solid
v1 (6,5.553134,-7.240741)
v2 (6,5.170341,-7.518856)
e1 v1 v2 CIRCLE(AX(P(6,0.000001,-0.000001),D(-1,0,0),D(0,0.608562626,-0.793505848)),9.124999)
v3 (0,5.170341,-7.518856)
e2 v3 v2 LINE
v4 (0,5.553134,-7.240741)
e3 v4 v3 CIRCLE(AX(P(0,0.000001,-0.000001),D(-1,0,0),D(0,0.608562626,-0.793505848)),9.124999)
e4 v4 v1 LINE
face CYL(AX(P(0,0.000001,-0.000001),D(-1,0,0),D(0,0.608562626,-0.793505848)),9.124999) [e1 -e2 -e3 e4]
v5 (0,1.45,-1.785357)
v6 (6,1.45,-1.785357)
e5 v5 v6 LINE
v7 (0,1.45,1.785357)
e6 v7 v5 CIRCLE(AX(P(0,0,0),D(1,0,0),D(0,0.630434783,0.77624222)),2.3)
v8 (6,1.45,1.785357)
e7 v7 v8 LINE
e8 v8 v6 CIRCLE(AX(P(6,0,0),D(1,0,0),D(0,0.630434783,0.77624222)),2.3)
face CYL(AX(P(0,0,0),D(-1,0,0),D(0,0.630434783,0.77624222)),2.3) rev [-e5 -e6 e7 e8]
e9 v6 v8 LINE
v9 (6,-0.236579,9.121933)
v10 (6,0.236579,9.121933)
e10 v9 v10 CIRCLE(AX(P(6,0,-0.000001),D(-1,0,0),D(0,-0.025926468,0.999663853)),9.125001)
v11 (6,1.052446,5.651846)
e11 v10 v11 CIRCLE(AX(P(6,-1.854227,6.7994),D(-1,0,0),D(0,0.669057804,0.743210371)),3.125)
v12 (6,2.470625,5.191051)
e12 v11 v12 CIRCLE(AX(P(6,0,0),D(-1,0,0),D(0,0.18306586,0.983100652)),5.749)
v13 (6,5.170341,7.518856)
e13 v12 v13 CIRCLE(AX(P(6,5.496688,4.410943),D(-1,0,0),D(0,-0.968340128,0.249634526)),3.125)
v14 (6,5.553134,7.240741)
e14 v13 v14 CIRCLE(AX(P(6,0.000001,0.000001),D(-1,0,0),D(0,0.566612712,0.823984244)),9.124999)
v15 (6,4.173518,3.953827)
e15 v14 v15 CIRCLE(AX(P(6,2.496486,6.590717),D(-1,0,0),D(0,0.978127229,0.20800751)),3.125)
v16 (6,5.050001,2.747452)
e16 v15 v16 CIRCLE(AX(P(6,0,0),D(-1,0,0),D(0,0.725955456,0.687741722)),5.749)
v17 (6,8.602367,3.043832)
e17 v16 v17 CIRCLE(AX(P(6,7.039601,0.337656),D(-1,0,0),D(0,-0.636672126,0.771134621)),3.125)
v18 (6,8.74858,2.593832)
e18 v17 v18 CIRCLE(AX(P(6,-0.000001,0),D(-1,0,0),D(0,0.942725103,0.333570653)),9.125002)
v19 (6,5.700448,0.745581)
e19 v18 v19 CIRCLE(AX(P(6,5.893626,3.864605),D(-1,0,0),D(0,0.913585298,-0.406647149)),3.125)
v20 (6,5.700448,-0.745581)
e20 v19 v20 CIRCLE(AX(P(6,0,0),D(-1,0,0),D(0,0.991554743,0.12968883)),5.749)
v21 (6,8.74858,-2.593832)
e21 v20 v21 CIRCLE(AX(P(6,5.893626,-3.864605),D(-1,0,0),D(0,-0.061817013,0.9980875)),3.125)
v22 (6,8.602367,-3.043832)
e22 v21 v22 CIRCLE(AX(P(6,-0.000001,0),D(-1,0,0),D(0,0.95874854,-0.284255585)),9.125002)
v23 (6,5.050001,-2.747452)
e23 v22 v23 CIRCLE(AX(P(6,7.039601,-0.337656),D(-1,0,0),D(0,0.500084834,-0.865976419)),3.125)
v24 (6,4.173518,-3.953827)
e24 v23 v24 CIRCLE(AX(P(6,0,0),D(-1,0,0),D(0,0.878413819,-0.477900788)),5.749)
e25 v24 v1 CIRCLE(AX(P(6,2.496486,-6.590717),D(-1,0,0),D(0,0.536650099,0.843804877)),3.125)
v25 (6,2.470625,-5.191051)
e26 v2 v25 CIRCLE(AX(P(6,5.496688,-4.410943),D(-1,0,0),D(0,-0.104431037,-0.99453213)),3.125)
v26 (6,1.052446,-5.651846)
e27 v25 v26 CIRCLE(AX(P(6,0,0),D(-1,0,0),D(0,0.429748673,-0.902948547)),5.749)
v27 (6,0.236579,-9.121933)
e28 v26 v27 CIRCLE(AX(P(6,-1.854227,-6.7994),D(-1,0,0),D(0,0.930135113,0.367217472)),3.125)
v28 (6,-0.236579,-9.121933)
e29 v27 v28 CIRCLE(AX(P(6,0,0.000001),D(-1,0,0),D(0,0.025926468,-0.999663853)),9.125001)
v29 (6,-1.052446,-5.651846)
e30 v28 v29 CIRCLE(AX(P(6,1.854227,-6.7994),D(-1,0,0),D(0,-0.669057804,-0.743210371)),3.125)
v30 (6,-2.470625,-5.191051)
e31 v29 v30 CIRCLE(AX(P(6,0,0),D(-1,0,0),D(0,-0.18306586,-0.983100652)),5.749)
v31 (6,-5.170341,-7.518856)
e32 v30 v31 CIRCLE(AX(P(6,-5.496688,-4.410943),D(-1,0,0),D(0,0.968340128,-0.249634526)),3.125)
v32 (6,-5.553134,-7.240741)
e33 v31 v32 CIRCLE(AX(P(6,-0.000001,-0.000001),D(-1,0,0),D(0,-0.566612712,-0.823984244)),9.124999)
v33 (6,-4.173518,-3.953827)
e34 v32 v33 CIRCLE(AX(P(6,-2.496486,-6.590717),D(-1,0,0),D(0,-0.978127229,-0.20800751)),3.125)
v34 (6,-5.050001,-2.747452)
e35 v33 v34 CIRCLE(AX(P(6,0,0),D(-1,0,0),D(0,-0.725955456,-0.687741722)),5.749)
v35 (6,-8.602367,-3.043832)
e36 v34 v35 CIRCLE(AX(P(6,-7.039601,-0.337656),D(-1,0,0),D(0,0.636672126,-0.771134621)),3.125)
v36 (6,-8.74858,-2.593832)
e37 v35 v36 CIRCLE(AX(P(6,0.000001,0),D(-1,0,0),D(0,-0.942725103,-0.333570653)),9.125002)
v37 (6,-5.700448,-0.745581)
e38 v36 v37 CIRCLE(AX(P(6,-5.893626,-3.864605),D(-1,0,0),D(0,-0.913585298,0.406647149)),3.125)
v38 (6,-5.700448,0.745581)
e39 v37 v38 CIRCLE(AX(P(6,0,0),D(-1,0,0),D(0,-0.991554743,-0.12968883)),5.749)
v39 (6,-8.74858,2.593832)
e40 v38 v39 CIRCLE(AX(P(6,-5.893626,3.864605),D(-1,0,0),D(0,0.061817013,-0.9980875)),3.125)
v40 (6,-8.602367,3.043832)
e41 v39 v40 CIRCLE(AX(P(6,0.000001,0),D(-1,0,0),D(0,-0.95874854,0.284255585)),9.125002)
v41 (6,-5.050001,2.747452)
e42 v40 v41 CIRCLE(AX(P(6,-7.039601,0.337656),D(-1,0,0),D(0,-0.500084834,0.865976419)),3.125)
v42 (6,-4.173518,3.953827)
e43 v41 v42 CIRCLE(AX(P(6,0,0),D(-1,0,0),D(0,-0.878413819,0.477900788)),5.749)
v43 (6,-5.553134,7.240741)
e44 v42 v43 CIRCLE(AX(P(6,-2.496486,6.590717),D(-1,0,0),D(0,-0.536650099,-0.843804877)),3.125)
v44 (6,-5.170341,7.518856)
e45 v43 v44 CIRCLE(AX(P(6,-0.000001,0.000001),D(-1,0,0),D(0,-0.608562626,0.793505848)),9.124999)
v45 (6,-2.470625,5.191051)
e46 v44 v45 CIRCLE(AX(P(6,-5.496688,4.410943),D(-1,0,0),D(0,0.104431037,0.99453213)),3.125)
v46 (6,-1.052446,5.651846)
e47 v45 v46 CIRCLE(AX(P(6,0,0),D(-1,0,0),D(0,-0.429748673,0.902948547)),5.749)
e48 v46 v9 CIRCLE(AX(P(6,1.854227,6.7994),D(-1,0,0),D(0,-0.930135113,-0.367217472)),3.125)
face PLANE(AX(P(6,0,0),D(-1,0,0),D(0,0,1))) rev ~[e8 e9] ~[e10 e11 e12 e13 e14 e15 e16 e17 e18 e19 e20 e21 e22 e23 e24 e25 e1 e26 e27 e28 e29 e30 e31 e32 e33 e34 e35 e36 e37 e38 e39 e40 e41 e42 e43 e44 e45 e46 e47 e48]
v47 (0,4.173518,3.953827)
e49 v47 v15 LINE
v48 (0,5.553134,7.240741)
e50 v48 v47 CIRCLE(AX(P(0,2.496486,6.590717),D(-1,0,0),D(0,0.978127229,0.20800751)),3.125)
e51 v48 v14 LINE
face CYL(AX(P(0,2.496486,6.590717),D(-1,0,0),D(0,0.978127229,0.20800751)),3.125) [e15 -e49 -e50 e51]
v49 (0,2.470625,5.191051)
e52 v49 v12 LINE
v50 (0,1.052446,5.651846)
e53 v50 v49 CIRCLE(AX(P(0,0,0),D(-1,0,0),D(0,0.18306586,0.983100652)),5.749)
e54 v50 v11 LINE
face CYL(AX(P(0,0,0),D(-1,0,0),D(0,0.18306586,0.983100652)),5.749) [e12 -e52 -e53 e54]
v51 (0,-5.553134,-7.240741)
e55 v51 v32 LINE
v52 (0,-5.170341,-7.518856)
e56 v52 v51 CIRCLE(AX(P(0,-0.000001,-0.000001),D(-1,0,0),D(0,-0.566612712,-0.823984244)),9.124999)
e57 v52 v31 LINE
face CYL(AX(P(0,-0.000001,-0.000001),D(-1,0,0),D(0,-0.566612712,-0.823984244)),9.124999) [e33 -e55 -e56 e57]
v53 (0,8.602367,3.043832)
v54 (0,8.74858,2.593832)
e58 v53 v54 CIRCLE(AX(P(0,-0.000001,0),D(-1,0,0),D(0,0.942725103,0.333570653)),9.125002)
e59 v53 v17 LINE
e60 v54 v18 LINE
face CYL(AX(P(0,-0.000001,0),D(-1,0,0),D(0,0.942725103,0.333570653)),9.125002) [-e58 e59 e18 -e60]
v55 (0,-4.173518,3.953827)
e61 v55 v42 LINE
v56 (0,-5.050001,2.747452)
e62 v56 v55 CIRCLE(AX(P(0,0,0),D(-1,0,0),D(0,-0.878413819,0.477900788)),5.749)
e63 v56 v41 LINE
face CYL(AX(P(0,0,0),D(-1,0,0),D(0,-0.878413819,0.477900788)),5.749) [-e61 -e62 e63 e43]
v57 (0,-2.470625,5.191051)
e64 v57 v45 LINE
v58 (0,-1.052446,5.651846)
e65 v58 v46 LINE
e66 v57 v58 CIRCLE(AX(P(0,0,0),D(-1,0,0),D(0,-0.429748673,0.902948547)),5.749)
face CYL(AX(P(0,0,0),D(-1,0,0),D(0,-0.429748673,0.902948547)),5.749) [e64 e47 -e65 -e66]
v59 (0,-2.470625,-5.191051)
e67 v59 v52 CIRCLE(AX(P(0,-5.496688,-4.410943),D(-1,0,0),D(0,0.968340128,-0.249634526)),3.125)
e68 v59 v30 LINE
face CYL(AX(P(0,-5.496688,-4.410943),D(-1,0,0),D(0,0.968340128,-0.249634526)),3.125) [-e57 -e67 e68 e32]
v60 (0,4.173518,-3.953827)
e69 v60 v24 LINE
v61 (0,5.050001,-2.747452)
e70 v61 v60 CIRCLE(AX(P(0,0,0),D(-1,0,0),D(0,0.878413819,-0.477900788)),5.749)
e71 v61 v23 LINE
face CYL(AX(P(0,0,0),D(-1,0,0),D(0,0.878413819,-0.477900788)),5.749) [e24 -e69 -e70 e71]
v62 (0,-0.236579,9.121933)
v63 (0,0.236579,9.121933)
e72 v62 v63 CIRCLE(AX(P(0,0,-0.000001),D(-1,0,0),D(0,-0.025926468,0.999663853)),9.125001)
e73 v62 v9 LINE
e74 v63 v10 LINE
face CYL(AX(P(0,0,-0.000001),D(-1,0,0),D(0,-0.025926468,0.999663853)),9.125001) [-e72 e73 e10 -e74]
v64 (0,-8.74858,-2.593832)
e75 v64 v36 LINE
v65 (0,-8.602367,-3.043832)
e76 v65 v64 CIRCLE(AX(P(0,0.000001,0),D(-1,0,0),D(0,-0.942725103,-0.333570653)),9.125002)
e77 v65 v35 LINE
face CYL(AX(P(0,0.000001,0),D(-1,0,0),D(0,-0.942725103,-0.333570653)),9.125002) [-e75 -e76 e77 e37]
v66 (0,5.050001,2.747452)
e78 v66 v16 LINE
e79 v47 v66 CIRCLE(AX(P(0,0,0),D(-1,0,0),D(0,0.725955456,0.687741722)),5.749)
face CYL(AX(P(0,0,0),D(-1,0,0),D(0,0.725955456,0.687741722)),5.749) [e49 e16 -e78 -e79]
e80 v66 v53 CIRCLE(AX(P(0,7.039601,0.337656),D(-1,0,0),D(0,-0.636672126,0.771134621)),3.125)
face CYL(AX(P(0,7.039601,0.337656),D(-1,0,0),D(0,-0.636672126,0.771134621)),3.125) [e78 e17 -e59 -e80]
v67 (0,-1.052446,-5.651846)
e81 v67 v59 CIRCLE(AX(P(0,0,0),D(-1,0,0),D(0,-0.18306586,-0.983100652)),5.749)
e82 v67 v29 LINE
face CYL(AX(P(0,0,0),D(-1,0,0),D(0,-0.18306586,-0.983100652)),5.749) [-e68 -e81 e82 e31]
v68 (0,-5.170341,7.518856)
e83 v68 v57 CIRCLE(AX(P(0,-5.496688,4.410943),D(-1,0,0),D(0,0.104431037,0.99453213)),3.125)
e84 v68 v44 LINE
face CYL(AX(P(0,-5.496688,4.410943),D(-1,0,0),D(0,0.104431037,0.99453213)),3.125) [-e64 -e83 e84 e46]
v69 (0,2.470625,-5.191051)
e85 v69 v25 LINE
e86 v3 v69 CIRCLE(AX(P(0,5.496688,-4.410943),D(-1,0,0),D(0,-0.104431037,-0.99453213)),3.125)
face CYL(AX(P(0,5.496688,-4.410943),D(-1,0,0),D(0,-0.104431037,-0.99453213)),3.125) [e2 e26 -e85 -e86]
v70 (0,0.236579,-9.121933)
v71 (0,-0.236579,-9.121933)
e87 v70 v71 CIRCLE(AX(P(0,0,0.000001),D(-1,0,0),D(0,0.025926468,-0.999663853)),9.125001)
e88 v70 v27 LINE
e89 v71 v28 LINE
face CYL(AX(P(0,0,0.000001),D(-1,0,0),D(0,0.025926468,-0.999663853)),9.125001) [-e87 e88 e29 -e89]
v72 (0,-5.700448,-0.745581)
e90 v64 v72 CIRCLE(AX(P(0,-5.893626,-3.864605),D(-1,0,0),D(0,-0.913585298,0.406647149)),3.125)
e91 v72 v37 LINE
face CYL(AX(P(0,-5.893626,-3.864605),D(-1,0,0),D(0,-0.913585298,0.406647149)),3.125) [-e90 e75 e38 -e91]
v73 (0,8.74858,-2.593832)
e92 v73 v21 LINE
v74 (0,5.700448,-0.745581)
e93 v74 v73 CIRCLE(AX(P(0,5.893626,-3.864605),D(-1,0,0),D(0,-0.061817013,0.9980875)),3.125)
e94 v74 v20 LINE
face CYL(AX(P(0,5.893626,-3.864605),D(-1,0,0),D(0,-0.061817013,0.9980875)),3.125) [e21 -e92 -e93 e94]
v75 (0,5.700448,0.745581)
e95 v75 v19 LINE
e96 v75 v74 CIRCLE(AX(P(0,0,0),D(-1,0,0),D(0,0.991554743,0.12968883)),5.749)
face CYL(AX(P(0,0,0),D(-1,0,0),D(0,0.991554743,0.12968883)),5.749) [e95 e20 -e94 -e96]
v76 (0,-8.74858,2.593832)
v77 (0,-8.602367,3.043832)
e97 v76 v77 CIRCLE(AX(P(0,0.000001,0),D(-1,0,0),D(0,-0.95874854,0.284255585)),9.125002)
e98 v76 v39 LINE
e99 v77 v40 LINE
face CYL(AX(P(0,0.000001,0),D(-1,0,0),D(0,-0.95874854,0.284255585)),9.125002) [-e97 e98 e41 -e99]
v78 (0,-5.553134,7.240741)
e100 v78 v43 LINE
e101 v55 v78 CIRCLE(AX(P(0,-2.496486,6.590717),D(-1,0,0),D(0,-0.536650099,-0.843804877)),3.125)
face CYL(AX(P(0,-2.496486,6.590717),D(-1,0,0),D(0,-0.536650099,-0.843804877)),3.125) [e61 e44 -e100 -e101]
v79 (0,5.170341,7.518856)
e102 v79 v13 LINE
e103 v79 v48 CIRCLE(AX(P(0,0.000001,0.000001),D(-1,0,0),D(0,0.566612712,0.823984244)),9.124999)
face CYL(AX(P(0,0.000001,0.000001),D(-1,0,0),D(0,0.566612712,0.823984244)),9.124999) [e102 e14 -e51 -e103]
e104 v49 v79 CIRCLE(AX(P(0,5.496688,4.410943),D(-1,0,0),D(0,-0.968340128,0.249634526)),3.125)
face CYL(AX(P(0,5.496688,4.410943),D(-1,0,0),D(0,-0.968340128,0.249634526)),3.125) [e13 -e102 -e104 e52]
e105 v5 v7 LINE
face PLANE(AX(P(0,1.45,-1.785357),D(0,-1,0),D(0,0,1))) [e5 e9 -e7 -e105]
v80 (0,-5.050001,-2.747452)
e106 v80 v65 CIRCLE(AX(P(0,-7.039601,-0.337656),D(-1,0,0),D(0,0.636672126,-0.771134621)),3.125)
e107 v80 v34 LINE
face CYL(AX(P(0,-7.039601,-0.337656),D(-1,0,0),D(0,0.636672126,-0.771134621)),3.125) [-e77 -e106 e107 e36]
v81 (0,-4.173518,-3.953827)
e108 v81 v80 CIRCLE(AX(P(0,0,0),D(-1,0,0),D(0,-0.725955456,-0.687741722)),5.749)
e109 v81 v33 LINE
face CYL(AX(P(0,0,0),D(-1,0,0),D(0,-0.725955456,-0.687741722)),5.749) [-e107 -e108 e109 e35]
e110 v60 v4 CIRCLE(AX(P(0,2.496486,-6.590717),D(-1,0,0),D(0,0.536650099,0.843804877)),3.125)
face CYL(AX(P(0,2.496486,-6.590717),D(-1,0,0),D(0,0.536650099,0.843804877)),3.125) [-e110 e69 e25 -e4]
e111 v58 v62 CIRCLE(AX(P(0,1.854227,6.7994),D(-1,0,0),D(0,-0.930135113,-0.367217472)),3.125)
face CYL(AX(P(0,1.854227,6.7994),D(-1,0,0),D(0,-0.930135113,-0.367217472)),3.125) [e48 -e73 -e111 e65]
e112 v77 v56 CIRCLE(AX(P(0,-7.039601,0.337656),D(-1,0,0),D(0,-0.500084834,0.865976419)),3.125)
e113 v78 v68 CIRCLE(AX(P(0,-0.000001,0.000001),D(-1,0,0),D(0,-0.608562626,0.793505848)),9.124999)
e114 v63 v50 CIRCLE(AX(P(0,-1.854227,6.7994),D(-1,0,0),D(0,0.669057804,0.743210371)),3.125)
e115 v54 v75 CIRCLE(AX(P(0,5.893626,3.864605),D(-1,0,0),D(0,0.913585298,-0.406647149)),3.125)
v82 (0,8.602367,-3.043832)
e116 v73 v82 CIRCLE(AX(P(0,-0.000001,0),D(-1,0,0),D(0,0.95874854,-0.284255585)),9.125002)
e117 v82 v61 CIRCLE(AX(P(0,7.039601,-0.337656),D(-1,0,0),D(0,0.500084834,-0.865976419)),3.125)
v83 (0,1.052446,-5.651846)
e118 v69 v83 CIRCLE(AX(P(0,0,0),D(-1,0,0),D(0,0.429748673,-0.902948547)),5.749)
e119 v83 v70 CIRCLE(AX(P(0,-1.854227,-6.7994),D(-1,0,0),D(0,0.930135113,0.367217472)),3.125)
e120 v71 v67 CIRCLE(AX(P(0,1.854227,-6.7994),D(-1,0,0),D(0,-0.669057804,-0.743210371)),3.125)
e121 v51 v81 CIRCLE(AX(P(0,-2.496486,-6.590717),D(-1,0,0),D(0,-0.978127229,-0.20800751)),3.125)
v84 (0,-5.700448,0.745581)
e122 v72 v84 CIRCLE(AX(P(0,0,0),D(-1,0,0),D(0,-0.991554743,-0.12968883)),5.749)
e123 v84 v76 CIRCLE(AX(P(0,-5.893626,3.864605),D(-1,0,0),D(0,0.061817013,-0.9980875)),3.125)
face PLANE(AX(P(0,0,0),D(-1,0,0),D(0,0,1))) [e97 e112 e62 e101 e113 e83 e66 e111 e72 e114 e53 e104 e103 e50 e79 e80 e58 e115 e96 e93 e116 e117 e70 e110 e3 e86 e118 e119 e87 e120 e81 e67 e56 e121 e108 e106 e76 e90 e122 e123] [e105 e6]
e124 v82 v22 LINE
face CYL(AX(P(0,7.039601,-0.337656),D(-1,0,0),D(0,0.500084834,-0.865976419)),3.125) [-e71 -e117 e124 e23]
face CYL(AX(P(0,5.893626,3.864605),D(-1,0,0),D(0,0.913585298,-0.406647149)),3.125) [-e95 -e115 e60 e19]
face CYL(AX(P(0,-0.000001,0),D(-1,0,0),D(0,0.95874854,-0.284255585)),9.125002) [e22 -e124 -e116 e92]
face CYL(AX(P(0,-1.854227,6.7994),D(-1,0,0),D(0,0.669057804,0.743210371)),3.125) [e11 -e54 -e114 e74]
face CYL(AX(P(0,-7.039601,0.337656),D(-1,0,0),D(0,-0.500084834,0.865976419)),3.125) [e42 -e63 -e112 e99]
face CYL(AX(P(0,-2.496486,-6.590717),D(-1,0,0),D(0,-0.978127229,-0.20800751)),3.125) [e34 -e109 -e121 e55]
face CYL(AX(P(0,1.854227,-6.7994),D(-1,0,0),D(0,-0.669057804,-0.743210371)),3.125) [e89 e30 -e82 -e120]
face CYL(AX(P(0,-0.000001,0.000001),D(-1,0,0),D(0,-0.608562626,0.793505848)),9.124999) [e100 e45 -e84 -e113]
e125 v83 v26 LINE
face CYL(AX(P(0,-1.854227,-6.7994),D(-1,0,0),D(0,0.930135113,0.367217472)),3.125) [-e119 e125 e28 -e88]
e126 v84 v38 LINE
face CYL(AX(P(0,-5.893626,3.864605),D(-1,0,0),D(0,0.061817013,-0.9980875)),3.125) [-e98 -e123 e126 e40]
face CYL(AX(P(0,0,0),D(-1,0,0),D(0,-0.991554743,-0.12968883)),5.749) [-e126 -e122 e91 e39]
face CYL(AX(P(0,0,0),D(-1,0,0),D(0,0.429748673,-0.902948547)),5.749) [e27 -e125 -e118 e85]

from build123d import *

# Parameters (mm, degrees)
BASPROSKE_W         = 6
BASPROSKE_H         = 9
TOOTHCUT_DEPTH      = 15.071247279
TEETHCUTS_COUNT     = 10
TEETHCUTS_ANGLE     = 324
BORSKE_R            = 2.5
BORE_DEPTH          = 50.0000508
BOSS_EXTRUDE2_DEPTH = 6


with BuildPart() as part:
    # BasProSke → Base-Revolve (revolve)
    with BuildSketch(Plane(origin=(0, 0, 0), x_dir=(1, 0, 0), z_dir=(0, 1, 0)), mode=Mode.PRIVATE) as base_revolve_sk:
        with Locations((3, 4.5)):
            Rectangle(BASPROSKE_W, BASPROSKE_H)
    revolve(base_revolve_sk.sketch.rotate(Axis((-10, 0, 0), (1, 0, 0)), 180), axis=Axis((-10, 0, 0), (1, 0, 0)))

    # TooCutSke → ToothCut (cut, through all)
    with BuildSketch(Plane(origin=(0, 0, 0), x_dir=(0, 0, -1), z_dir=(1, 0, 0))):
        with BuildLine():
            ThreePointArc((0.883878355, 5.554109745), (0, 5.624), (-0.883878355, 5.554109745))
            ThreePointArc((-0.883878355, 5.554109745), (-1.258245767, 7.379188248), (-2.637816971, 8.631324741))
            ThreePointArc((-2.637816971, 8.631324741), (0, 9.0254), (2.637816971, 8.631324741))
            ThreePointArc((2.637816971, 8.631324741), (1.258245767, 7.379188248), (0.883878355, 5.554109745))
        make_face()
    toothcut = extrude(amount=TOOTHCUT_DEPTH, mode=Mode.SUBTRACT)

    # TeethCuts: ToothCut ×10 about axis
    teethcuts_axis = Axis((-10, 0, 0), (1, 0, 0))
    for i in range(1, TEETHCUTS_COUNT):
        add(toothcut.rotate(teethcuts_axis, i * TEETHCUTS_ANGLE / (TEETHCUTS_COUNT - 1)), mode=Mode.SUBTRACT)

    # BorSke → Bore (cut, symmetric)
    with BuildSketch(Plane(origin=(0, 0, 0), x_dir=(0, 0, -1), z_dir=(1, 0, 0))):
        with Locations(Location((0, 0, 0), (0, 0, 180))):
            Circle(BORSKE_R)
    extrude(amount=BORE_DEPTH, both=True, mode=Mode.SUBTRACT)

    # Sketch1 → Boss-Extrude2 (add)
    with BuildSketch(Plane.ZY):
        with BuildLine():
            ThreePointArc((-3.953827157, 4.173517918), (-5.381277451, 5.377958207), (-7.24074087, 5.553133949))
            ThreePointArc((-7.24074087, 5.553133949), (-7.382280074, 5.363540427), (-7.518856208, 5.170341025))
            ThreePointArc((-7.518856208, 5.170341025), (-6.777648381, 3.456018504), (-5.191051196, 2.470625119))
            ThreePointArc((-5.191051196, 2.470625119), (-5.467623912, 1.776538701), (-5.651845645, 1.052445629))
            ThreePointArc((-5.651845645, 1.052445629), (-7.51462943, 1.18782406), (-9.121932655, 0.236579037))
            ThreePointArc((-9.121932655, 0.236579037), (-9.125, 0), (-9.121932655, -0.236579037))
            ThreePointArc((-9.121932655, -0.236579037), (-7.51462943, -1.18782406), (-5.651845645, -1.052445629))
            ThreePointArc((-5.651845645, -1.052445629), (-5.467623912, -1.776538701), (-5.191051196, -2.470625119))
            ThreePointArc((-5.191051196, -2.470625119), (-6.777648381, -3.456018504), (-7.518856208, -5.170341025))
            ThreePointArc((-7.518856208, -5.170341025), (-7.382280074, -5.363540427), (-7.24074087, -5.553133949))
            ThreePointArc((-7.24074087, -5.553133949), (-5.381277451, -5.377958207), (-3.953827157, -4.173517918))
            ThreePointArc((-3.953827157, -4.173517918), (-3.379177415, -4.651038701), (-2.747451628, -5.050001045))
            ThreePointArc((-2.747451628, -5.050001045), (-3.451836013, -6.779779466), (-3.043832247, -8.60236655))
            ThreePointArc((-3.043832247, -8.60236655), (-2.819780074, -8.678390711), (-2.593832177, -8.748580436))
            ThreePointArc((-2.593832177, -8.748580436), (-1.192460387, -7.513895108), (-0.74558108, -5.700448215))
            ThreePointArc((-0.74558108, -5.700448215), (0, -5.749), (0.74558108, -5.700448215))
            ThreePointArc((0.74558108, -5.700448215), (1.192460387, -7.513895108), (2.593832177, -8.748580436))
            ThreePointArc((2.593832177, -8.748580436), (2.819780074, -8.678390711), (3.043832247, -8.60236655))
            ThreePointArc((3.043832247, -8.60236655), (3.451836013, -6.779779466), (2.747451628, -5.050001045))
            ThreePointArc((2.747451628, -5.050001045), (3.379177415, -4.651038701), (3.953827157, -4.173517918))
            ThreePointArc((3.953827157, -4.173517918), (5.381277451, -5.377958207), (7.24074087, -5.553133949))
            ThreePointArc((7.24074087, -5.553133949), (7.382280074, -5.363540427), (7.518856208, -5.170341025))
            ThreePointArc((7.518856208, -5.170341025), (6.777648381, -3.456018504), (5.191051196, -2.470625119))
            ThreePointArc((5.191051196, -2.470625119), (5.467623912, -1.776538701), (5.651845645, -1.052445629))
            ThreePointArc((5.651845645, -1.052445629), (7.51462943, -1.18782406), (9.121932655, -0.236579037))
            ThreePointArc((9.121932655, -0.236579037), (9.125, 0), (9.121932655, 0.236579037))
            ThreePointArc((9.121932655, 0.236579037), (7.51462943, 1.18782406), (5.651845645, 1.052445629))
            ThreePointArc((5.651845645, 1.052445629), (5.467623912, 1.776538701), (5.191051196, 2.470625119))
            ThreePointArc((5.191051196, 2.470625119), (6.777648381, 3.456018504), (7.518856208, 5.170341025))
            ThreePointArc((7.518856208, 5.170341025), (7.382280074, 5.363540427), (7.24074087, 5.553133949))
            ThreePointArc((7.24074087, 5.553133949), (5.381277451, 5.377958207), (3.953827157, 4.173517918))
            ThreePointArc((3.953827157, 4.173517918), (3.379177415, 4.651038701), (2.747451628, 5.050001045))
            ThreePointArc((2.747451628, 5.050001045), (3.451836013, 6.779779466), (3.043832247, 8.60236655))
            ThreePointArc((3.043832247, 8.60236655), (2.819780074, 8.678390711), (2.593832177, 8.748580436))
            ThreePointArc((2.593832177, 8.748580436), (1.192460387, 7.513895108), (0.74558108, 5.700448215))
            ThreePointArc((0.74558108, 5.700448215), (0, 5.749), (-0.74558108, 5.700448215))
            ThreePointArc((-0.74558108, 5.700448215), (-1.192460387, 7.513895108), (-2.593832177, 8.748580436))
            ThreePointArc((-2.593832177, 8.748580436), (-2.819780074, 8.678390711), (-3.043832247, 8.60236655))
            ThreePointArc((-3.043832247, 8.60236655), (-3.451836013, 6.779779466), (-2.747451628, 5.050001045))
            ThreePointArc((-2.747451628, 5.050001045), (-3.379177415, 4.651038701), (-3.953827157, 4.173517918))
        make_face()
        with BuildLine():
            Line((-1.785357107, 1.45), (1.785357107, 1.45))
            ThreePointArc((1.785357107, 1.45), (0, -2.3), (-1.785357107, 1.45))
        make_face(mode=Mode.SUBTRACT)
    extrude(amount=-BOSS_EXTRUDE2_DEPTH)


solid = part.part
